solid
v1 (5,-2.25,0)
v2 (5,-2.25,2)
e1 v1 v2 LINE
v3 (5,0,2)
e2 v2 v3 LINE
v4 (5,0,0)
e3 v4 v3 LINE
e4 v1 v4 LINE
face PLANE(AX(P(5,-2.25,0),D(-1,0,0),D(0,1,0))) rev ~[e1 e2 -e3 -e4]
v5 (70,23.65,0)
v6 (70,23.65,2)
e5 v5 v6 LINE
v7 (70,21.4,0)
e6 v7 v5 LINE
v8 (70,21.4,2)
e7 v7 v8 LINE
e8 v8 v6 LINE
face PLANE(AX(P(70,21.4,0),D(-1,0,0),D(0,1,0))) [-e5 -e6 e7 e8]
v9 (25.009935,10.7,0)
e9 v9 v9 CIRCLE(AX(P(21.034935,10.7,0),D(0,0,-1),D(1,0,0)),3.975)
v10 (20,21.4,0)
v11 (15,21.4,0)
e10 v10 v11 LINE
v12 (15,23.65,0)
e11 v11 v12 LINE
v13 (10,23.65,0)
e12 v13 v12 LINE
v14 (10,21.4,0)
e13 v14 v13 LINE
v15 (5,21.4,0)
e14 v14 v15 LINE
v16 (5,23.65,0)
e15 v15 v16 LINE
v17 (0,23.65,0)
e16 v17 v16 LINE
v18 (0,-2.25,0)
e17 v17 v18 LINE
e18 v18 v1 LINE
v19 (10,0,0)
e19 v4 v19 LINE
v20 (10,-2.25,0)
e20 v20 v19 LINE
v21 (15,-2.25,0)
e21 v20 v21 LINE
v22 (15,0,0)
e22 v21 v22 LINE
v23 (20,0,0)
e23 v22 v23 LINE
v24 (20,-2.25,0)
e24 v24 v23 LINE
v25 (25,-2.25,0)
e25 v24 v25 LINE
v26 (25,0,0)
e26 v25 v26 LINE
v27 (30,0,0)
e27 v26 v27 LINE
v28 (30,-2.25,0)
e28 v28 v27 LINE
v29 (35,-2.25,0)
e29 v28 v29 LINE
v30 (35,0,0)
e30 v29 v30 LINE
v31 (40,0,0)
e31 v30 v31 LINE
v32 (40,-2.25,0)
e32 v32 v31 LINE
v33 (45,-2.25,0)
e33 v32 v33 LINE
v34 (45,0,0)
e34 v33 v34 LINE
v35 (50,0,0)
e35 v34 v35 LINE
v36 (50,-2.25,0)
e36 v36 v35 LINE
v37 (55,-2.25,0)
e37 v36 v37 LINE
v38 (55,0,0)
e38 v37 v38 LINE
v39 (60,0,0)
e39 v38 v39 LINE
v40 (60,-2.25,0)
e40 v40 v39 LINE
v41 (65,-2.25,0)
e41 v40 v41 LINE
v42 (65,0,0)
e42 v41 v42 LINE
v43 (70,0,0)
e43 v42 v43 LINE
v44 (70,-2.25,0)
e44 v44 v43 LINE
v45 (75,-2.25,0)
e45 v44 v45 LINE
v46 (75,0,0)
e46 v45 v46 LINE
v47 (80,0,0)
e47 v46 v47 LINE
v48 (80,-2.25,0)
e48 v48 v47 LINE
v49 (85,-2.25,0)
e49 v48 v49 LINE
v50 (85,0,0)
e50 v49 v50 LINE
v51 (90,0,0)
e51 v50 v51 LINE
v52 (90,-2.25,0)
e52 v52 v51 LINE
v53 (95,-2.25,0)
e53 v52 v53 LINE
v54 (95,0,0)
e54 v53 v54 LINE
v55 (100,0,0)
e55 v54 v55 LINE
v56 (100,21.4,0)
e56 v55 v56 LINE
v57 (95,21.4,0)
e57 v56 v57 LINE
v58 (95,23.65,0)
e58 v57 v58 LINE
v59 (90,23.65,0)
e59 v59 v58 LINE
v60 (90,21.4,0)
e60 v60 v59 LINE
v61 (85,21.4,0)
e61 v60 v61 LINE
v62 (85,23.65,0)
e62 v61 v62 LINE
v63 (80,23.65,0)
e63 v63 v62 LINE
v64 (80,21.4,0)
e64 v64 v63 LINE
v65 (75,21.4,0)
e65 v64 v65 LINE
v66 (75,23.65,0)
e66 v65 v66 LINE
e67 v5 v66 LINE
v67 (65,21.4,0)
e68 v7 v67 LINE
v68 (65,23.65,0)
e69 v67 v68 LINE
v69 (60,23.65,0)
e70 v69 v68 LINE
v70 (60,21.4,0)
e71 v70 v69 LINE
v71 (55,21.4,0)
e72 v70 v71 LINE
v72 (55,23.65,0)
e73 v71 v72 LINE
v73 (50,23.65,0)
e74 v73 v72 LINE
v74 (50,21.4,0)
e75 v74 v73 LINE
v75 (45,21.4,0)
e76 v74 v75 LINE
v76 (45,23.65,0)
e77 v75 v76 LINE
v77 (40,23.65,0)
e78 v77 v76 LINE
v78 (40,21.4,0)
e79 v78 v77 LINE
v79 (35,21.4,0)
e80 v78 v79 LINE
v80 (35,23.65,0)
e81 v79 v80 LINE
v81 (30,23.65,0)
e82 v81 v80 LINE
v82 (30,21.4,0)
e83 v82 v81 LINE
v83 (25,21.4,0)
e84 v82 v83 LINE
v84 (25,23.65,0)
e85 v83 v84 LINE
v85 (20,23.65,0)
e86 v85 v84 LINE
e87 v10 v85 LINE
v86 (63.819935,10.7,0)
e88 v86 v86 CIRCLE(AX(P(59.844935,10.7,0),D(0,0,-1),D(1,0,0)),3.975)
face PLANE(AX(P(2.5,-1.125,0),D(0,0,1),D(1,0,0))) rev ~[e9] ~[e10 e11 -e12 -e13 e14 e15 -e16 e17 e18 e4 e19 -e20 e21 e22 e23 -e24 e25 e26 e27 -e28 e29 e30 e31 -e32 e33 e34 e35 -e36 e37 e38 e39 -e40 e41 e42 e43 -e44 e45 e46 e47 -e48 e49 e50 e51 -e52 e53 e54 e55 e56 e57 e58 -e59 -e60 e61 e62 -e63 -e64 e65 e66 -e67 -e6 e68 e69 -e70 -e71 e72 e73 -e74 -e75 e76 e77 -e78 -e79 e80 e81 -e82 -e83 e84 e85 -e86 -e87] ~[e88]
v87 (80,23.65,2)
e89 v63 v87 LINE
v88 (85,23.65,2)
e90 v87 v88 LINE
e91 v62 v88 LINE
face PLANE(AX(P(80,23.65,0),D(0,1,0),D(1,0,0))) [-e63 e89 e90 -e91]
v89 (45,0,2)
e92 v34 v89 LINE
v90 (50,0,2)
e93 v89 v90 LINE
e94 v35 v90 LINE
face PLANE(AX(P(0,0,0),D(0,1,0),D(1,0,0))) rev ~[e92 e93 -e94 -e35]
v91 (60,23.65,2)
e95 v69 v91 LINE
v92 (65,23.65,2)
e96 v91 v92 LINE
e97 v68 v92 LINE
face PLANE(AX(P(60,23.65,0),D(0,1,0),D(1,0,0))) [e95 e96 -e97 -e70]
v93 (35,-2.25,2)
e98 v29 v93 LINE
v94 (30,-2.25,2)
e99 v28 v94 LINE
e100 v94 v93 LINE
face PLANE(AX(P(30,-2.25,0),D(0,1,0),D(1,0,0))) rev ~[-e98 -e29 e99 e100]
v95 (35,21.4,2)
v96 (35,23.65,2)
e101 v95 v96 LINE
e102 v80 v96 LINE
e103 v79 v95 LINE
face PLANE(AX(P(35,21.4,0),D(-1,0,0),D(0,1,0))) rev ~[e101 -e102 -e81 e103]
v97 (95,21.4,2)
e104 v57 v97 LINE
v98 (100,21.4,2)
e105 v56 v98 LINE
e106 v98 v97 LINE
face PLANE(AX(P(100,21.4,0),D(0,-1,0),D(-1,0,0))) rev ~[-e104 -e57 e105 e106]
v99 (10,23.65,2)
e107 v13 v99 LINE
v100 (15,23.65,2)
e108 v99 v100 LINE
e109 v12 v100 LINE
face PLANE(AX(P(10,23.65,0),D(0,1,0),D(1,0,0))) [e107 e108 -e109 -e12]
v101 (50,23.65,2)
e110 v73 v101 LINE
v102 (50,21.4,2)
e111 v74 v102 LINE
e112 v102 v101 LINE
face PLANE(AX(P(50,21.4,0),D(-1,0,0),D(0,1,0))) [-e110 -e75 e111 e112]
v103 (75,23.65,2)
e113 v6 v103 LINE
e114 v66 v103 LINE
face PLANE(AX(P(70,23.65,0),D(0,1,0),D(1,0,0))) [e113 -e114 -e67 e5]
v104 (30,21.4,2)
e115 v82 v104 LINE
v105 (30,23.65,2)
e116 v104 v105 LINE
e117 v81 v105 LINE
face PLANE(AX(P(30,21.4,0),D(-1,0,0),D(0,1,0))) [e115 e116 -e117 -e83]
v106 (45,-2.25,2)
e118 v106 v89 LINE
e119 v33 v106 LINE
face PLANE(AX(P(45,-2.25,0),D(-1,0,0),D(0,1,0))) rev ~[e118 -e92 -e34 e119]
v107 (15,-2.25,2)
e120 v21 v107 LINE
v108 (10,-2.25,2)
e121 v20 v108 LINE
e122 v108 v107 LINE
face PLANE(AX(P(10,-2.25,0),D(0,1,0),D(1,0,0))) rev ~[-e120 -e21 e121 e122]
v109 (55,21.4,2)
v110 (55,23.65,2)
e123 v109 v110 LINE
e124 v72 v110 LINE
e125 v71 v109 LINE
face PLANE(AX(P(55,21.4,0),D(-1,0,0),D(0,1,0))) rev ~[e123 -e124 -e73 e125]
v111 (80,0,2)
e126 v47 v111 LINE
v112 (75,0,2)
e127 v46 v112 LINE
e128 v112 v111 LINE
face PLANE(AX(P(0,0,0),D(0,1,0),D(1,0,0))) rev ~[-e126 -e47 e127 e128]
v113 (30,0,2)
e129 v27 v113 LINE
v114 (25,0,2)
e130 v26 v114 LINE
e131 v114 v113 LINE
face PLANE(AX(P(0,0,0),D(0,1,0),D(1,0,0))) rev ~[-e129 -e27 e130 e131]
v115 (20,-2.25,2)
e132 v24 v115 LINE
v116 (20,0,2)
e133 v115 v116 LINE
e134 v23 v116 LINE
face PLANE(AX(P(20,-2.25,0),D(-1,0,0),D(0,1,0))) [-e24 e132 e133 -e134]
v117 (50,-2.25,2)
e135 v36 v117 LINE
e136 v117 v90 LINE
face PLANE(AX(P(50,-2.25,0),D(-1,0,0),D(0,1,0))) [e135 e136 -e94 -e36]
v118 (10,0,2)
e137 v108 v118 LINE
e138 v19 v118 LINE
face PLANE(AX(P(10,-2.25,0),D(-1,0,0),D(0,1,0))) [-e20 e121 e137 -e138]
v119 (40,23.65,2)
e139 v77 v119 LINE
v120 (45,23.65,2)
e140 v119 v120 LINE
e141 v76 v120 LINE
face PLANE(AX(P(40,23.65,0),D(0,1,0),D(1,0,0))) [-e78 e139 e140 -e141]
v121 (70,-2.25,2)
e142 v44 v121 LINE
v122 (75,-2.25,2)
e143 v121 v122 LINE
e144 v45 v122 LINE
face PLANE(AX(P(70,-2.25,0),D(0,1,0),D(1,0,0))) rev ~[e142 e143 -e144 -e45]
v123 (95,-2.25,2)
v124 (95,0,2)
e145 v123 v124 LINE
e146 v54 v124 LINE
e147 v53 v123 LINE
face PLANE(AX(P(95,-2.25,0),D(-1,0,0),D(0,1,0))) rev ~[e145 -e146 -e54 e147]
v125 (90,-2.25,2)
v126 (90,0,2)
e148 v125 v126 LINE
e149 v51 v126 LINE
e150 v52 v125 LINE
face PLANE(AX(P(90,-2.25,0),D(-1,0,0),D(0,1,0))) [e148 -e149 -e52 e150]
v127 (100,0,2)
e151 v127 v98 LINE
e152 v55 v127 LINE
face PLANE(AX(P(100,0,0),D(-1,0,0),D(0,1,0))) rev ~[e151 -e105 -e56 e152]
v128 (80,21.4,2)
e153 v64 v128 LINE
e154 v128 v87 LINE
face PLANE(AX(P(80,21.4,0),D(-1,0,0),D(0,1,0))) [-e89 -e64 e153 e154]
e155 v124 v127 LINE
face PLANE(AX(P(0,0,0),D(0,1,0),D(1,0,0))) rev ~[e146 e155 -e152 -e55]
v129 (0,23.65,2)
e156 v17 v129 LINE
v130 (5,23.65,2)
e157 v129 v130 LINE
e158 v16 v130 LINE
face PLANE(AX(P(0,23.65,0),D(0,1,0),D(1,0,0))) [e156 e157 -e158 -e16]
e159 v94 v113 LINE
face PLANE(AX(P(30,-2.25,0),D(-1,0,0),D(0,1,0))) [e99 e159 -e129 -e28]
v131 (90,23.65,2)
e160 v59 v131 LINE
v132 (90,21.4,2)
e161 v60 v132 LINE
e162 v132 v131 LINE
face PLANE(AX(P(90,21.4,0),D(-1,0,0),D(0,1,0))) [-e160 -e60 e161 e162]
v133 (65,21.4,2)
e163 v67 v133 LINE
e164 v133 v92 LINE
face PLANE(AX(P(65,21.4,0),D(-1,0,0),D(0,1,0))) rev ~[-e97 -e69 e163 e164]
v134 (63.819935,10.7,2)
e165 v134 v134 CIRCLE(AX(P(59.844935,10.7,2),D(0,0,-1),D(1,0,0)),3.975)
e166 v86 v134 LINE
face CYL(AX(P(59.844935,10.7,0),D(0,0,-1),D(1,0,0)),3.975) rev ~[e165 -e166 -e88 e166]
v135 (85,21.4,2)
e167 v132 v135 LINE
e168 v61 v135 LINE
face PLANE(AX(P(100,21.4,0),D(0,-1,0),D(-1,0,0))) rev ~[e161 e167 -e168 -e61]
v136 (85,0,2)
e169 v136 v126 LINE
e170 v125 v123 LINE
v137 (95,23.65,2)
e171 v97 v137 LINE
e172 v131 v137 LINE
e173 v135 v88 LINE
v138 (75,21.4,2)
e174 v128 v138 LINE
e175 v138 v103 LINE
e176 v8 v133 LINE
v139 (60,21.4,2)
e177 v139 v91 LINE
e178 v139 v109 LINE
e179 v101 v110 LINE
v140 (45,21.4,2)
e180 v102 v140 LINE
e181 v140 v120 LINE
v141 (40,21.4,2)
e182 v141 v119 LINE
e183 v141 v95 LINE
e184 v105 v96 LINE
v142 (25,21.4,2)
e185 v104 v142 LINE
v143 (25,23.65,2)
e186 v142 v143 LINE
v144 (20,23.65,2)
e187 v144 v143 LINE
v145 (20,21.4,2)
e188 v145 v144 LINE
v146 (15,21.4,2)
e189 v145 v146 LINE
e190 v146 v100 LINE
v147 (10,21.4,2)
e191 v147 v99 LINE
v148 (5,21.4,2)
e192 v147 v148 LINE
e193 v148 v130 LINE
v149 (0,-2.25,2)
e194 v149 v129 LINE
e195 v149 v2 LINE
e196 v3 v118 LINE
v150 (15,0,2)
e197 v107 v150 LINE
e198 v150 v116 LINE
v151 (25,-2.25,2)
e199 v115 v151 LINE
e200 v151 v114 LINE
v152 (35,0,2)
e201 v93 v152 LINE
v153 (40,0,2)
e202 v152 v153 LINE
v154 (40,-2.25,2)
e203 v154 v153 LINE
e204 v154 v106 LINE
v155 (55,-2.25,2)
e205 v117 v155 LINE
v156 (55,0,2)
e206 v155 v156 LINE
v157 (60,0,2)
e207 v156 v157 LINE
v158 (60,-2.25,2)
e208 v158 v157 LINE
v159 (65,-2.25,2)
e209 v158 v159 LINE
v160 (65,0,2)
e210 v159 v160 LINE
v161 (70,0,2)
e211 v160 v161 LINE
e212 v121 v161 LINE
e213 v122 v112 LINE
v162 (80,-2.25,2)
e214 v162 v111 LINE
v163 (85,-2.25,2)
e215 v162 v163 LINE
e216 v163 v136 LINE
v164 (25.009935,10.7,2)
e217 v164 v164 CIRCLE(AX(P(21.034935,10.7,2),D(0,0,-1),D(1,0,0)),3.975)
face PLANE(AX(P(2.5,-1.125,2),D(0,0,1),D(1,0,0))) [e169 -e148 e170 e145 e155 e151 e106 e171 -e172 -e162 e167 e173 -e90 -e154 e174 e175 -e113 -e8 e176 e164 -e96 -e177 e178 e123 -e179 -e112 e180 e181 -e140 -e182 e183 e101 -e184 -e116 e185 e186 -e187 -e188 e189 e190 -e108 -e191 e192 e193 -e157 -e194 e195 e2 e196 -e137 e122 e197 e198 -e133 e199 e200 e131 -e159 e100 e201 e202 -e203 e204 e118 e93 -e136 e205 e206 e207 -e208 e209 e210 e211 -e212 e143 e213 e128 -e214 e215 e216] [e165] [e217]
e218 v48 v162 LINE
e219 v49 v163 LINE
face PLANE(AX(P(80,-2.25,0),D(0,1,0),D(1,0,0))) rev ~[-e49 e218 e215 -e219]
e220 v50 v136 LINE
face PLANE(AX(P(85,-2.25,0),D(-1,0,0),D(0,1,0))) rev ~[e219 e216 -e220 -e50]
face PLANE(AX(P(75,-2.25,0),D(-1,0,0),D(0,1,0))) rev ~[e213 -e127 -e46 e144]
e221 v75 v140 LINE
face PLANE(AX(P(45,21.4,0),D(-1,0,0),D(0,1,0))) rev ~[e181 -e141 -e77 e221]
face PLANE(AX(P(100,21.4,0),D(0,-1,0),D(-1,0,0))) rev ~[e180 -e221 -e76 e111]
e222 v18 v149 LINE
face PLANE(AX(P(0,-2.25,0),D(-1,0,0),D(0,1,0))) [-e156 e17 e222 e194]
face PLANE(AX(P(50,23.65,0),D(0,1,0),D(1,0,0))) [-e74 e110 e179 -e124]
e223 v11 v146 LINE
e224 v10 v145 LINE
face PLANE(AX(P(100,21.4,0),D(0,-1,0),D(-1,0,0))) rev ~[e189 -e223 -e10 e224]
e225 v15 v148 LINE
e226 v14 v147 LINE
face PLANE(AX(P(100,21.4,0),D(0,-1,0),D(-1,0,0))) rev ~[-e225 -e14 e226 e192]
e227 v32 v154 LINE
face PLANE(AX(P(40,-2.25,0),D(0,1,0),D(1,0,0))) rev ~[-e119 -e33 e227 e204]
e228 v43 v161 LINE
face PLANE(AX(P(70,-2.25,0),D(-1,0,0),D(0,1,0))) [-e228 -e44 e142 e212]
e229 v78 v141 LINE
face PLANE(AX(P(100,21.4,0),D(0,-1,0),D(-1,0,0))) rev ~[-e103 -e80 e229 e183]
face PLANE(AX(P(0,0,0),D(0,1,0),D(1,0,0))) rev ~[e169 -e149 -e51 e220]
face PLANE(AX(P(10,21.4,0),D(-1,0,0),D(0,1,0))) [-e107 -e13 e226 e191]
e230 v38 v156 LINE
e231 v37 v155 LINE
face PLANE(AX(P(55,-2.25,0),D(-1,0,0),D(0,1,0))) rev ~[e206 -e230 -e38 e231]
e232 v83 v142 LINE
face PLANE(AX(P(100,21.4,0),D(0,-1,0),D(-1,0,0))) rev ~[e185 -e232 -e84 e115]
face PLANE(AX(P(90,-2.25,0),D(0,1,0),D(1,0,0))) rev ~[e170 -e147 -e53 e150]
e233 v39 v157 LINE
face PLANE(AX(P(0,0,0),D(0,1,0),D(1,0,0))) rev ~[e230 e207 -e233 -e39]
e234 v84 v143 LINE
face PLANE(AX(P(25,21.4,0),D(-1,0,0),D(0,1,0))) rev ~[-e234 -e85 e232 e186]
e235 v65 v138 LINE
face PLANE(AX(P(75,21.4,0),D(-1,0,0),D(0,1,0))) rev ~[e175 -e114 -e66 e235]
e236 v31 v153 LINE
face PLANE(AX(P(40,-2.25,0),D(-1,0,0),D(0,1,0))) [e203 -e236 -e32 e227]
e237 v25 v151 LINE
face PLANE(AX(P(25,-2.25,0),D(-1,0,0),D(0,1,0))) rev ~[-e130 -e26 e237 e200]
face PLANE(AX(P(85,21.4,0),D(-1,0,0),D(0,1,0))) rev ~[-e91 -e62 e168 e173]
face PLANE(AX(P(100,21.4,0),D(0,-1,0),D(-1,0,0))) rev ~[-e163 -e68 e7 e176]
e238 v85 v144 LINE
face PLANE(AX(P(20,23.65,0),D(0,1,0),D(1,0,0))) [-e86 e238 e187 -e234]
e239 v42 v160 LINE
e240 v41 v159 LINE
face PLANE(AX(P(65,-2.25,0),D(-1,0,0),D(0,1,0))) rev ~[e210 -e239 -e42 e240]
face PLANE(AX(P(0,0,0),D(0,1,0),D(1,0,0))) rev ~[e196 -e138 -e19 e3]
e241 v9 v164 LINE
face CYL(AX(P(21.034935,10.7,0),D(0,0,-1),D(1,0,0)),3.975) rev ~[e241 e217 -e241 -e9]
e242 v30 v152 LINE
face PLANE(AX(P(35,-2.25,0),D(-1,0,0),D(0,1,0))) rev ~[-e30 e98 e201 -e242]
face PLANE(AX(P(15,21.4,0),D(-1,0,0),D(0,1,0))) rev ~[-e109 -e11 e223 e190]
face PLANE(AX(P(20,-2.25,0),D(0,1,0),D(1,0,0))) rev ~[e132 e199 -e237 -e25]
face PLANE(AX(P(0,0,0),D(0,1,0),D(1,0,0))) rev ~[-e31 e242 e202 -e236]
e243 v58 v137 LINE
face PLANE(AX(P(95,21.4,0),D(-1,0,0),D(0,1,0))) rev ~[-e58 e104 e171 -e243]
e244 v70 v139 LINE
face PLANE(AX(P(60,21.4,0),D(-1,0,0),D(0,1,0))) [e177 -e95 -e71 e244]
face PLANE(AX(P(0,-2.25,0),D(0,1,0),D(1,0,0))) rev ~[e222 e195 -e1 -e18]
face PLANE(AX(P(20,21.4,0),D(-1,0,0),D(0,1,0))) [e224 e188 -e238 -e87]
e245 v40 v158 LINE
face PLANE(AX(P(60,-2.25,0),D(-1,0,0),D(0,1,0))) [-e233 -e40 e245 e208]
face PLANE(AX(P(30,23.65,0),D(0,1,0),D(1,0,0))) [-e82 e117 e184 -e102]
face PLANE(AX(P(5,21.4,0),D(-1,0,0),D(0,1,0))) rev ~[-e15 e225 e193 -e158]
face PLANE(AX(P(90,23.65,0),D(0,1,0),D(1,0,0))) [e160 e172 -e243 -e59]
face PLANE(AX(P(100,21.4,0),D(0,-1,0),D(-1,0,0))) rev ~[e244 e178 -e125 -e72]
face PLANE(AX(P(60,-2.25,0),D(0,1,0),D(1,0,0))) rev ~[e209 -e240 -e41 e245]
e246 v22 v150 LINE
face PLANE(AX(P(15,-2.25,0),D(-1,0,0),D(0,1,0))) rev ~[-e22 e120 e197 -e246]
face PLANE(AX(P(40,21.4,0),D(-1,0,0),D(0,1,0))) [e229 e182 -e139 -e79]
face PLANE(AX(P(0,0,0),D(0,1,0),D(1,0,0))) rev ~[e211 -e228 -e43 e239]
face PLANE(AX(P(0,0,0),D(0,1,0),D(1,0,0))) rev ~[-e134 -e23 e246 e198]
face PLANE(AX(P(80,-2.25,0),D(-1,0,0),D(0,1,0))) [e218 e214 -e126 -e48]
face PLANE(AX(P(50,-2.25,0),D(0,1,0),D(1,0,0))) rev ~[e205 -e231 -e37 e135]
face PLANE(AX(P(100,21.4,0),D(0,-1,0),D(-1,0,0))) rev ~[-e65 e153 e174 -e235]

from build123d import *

# Parameters (mm, degrees)
SKETCH1_W           = 100
SKETCH1_H           = 21.4
SKETCH1_R           = 3.975
BOSS_EXTRUDE2_DEPTH = 2
SKETCH1_6_W         = 5
SKETCH1_6_H         = 2.25
BOSS_EXTRUDE4_DEPTH = 2


with BuildPart() as part:
    # Sketch1 → Boss-Extrude2 (new body)
    with BuildSketch(Plane.XY):
        with Locations((50, 10.7)):
            Rectangle(SKETCH1_W, SKETCH1_H)
        with Locations((59.844934973, 10.7)):
            Circle(SKETCH1_R, mode=Mode.SUBTRACT)
        with Locations((21.034934973, 10.7)):
            Circle(SKETCH1_R, mode=Mode.SUBTRACT)
    extrude(amount=BOSS_EXTRUDE2_DEPTH)

    # Sketch1<6> → Boss-Extrude4 (add)
    with BuildSketch(Plane.XY):
        with Locations((2.5, -1.125)):
            Rectangle(SKETCH1_6_W, SKETCH1_6_H)
        with Locations((2.5, 22.525)):
            Rectangle(SKETCH1_6_W, SKETCH1_6_H)
        with Locations((12.5, -1.125)):
            Rectangle(SKETCH1_6_W, SKETCH1_6_H)
        with Locations((12.5, 22.525)):
            Rectangle(SKETCH1_6_W, SKETCH1_6_H)
        with Locations((22.5, -1.125)):
            Rectangle(SKETCH1_6_W, SKETCH1_6_H)
        with Locations((22.5, 22.525)):
            Rectangle(SKETCH1_6_W, SKETCH1_6_H)
        with Locations((32.5, -1.125)):
            Rectangle(SKETCH1_6_W, SKETCH1_6_H)
        with Locations((32.5, 22.525)):
            Rectangle(SKETCH1_6_W, SKETCH1_6_H)
        with Locations((42.5, -1.125)):
            Rectangle(SKETCH1_6_W, SKETCH1_6_H)
        with Locations((42.5, 22.525)):
            Rectangle(SKETCH1_6_W, SKETCH1_6_H)
        with Locations((52.5, -1.125)):
            Rectangle(SKETCH1_6_W, SKETCH1_6_H)
        with Locations((52.5, 22.525)):
            Rectangle(SKETCH1_6_W, SKETCH1_6_H)
        with Locations((62.5, -1.125)):
            Rectangle(SKETCH1_6_W, SKETCH1_6_H)
        with Locations((62.5, 22.525)):
            Rectangle(SKETCH1_6_W, SKETCH1_6_H)
        with Locations((72.5, -1.125)):
            Rectangle(SKETCH1_6_W, SKETCH1_6_H)
        with Locations((72.5, 22.525)):
            Rectangle(SKETCH1_6_W, SKETCH1_6_H)
        with Locations((82.5, -1.125)):
            Rectangle(SKETCH1_6_W, SKETCH1_6_H)
        with Locations((82.5, 22.525)):
            Rectangle(SKETCH1_6_W, SKETCH1_6_H)
        with Locations((92.5, -1.125)):
            Rectangle(SKETCH1_6_W, SKETCH1_6_H)
        with Locations((92.5, 22.525)):
            Rectangle(SKETCH1_6_W, SKETCH1_6_H)
    extrude(amount=BOSS_EXTRUDE4_DEPTH)


solid = part.part
